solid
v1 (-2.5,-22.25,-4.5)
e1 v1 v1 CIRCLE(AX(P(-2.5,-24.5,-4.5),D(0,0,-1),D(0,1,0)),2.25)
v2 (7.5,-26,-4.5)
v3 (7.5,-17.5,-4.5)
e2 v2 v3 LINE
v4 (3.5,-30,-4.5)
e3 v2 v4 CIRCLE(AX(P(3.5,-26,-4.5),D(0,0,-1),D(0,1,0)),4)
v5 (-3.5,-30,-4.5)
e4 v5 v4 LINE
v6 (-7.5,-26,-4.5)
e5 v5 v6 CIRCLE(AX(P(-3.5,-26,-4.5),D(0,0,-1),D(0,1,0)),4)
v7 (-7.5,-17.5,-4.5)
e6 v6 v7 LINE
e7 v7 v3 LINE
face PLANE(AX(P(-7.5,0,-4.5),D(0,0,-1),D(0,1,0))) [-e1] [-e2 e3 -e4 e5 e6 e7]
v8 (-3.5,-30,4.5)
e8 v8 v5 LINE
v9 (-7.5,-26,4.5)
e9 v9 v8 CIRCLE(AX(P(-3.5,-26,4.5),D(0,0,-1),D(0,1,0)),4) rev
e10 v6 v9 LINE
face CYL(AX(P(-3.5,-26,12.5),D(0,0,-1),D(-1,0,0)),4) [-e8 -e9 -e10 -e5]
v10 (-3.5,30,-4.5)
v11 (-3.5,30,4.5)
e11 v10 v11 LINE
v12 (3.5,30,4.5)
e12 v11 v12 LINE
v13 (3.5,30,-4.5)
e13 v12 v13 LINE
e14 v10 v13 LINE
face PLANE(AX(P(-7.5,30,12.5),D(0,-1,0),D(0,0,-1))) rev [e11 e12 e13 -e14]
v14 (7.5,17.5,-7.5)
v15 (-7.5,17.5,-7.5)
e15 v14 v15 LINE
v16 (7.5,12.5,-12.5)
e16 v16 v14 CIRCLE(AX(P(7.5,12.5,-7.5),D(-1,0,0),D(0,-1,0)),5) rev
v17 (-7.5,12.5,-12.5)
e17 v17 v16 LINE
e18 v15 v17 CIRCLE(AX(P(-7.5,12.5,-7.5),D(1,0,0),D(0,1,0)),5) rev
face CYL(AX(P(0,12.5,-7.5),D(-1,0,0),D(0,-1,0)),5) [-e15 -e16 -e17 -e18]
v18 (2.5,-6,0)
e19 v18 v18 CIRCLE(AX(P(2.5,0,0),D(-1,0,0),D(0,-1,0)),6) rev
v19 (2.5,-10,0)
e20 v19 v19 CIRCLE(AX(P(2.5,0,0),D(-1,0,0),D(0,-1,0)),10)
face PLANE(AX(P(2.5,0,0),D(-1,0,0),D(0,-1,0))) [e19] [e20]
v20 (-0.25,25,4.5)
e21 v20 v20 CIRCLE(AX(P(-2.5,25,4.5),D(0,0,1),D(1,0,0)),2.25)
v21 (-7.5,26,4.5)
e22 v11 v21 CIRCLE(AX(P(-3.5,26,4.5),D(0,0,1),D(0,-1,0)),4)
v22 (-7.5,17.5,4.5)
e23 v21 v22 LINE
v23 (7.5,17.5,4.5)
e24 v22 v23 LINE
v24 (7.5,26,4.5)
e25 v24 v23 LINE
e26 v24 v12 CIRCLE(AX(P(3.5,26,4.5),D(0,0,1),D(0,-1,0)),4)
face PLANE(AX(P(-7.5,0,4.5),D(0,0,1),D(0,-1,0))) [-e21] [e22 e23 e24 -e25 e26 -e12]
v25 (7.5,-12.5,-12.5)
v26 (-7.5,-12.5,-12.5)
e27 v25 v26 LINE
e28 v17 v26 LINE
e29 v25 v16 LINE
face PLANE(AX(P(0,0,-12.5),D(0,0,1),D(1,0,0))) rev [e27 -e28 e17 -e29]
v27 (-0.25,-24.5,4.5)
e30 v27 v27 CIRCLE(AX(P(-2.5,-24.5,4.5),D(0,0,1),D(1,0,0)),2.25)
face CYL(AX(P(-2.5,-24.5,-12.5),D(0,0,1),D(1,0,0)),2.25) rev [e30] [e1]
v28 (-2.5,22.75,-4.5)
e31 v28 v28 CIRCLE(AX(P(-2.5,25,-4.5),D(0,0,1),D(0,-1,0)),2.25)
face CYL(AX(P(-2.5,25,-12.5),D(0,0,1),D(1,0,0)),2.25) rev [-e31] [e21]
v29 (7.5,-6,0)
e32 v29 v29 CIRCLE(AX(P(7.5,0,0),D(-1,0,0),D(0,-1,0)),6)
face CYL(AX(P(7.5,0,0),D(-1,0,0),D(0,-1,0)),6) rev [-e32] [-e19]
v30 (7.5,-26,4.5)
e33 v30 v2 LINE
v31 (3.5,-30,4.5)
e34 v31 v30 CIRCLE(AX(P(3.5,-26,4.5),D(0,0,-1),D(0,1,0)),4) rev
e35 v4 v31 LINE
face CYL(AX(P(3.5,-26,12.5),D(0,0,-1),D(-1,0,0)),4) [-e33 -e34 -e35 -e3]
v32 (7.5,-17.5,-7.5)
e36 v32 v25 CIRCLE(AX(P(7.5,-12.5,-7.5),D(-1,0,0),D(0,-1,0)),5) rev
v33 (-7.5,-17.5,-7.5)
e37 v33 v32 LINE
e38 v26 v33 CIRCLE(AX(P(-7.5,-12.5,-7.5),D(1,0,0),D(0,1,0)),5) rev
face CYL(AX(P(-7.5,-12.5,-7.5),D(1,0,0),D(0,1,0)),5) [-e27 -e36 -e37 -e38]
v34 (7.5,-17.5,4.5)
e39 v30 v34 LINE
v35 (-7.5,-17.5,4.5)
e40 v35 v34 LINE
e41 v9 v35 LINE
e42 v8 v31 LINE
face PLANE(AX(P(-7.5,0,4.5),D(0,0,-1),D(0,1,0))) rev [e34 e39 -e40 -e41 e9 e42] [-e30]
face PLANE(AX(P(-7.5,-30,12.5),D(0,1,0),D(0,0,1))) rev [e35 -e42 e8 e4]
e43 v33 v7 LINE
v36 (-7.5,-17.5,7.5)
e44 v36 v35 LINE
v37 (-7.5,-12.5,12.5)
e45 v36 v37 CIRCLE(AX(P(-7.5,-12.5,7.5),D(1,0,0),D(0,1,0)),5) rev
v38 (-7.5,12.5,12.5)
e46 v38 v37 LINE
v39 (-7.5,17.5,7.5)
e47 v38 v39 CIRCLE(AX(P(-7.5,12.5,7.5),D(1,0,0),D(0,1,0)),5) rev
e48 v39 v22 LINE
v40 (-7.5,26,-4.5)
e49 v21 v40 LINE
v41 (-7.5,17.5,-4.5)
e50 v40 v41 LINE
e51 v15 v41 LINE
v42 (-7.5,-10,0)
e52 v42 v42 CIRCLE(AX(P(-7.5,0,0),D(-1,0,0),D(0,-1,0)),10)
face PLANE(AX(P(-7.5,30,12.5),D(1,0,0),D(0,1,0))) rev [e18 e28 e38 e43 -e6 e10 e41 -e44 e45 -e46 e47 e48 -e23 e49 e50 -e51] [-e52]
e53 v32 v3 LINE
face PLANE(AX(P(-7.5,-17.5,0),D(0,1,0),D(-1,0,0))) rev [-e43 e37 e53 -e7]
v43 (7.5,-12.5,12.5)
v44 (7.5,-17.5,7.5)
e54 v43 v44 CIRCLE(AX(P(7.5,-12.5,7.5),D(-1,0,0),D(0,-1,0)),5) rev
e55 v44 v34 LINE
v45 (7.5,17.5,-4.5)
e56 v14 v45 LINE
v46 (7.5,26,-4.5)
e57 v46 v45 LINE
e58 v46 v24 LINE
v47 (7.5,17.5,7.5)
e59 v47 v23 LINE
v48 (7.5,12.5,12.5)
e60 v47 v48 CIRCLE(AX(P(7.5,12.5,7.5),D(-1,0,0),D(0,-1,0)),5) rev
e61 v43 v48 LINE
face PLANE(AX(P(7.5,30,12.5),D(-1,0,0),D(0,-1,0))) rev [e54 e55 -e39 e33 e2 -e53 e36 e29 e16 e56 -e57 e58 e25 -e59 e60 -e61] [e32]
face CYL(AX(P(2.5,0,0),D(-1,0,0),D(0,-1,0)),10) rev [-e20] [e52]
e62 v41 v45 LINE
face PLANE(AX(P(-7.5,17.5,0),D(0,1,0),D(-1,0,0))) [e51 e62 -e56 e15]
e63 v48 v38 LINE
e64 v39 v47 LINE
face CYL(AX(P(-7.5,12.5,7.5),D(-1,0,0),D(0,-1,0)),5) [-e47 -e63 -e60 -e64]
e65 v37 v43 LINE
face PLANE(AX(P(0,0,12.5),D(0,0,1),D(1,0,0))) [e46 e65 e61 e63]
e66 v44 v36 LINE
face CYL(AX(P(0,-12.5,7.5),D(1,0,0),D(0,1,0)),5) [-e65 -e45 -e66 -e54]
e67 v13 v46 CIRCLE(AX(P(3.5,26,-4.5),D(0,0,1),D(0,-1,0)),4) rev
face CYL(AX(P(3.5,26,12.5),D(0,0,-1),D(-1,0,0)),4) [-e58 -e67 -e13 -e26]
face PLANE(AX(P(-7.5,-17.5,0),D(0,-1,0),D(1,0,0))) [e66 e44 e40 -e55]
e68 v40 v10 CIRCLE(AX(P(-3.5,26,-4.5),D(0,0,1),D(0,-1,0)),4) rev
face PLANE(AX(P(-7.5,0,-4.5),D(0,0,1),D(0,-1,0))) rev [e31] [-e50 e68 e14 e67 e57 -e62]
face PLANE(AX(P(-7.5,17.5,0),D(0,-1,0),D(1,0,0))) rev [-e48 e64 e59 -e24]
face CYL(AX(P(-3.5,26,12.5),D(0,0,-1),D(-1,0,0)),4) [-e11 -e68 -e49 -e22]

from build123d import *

# Parameters (mm, degrees)
SKETCH2_W           = 15
SKETCH2_H           = 60
BOSS_EXTRUDE1_DEPTH = 12.5
SKETCH3_W           = 8
SKETCH3_H           = 12.5
CUT_EXTRUDE1_DEPTH  = 36.794552658
SKETCH4_R           = 2.25
CUT_EXTRUDE2_DEPTH  = 36.288099977
FILLET1_R           = 5
FILLET2_R           = 4
SKETCH5_R           = 6
CUT_EXTRUDE3_DEPTH  = 36.794552658
SKETCH6_R           = 10
CUT_EXTRUDE4_DEPTH  = 10


with BuildPart() as part:
    # Sketch2 → Boss-Extrude1 (new, symmetric)
    with BuildSketch(Plane.XY):
        Rectangle(SKETCH2_W, SKETCH2_H)
    extrude(amount=BOSS_EXTRUDE1_DEPTH, both=True)

    # Sketch3 → Cut-Extrude1 (cut, through all)
    with BuildSketch(Plane(origin=(7.5, 0, 0), x_dir=(0, 0, -1), z_dir=(1, 0, 0))):
        with Locations((-8.5, -23.75)):
            Rectangle(SKETCH3_W, SKETCH3_H)
        with Locations((8.5, -23.75)):
            Rectangle(SKETCH3_W, SKETCH3_H)
        with Locations((8.5, 23.75)):
            Rectangle(SKETCH3_W, SKETCH3_H)
        with Locations((-8.5, 23.75)):
            Rectangle(SKETCH3_W, SKETCH3_H)
    extrude(amount=-CUT_EXTRUDE1_DEPTH, mode=Mode.SUBTRACT)

    # Sketch4 → Cut-Extrude2 (cut, through all)
    with BuildSketch(Plane.XY.offset(4.5)):
        with Locations((-2.5, 25)):
            Circle(SKETCH4_R)
        with Locations((-2.5, -24.5)):
            Circle(SKETCH4_R)
    extrude(amount=-CUT_EXTRUDE2_DEPTH, mode=Mode.SUBTRACT)

    # Fillet1
    fillet1_edges = [part.edges().sort_by_distance(p)[0] for p in [
        (0, 17.5, 12.5),
        (0, 17.5, -12.5),
        (0, -17.5, -12.5),
        (0, -17.5, 12.5),
    ]]
    fillet(fillet1_edges, radius=FILLET1_R)

    # Fillet2
    fillet2_edges = [part.edges().sort_by_distance(p)[0] for p in [
        (7.5, -30, 0),
        (-7.5, -30, 0),
        (-7.5, 30, 0),
        (7.5, 30, 0),
    ]]
    fillet(fillet2_edges, radius=FILLET2_R)

    # Sketch5 → Cut-Extrude3 (cut, through all)
    with BuildSketch(Plane.ZY.offset(7.5)):
        with Locations(Location((0, 0, 0), (0, 0, 270))):
            Circle(SKETCH5_R)
    extrude(amount=-CUT_EXTRUDE3_DEPTH, mode=Mode.SUBTRACT)

    # Sketch6 → Cut-Extrude4 (cut)
    with BuildSketch(Plane.ZY.offset(7.5)):
        with Locations(Location((0, 0, 0), (0, 0, 270))):
            Circle(SKETCH6_R)
    extrude(amount=-CUT_EXTRUDE4_DEPTH, mode=Mode.SUBTRACT)


solid = part.part
